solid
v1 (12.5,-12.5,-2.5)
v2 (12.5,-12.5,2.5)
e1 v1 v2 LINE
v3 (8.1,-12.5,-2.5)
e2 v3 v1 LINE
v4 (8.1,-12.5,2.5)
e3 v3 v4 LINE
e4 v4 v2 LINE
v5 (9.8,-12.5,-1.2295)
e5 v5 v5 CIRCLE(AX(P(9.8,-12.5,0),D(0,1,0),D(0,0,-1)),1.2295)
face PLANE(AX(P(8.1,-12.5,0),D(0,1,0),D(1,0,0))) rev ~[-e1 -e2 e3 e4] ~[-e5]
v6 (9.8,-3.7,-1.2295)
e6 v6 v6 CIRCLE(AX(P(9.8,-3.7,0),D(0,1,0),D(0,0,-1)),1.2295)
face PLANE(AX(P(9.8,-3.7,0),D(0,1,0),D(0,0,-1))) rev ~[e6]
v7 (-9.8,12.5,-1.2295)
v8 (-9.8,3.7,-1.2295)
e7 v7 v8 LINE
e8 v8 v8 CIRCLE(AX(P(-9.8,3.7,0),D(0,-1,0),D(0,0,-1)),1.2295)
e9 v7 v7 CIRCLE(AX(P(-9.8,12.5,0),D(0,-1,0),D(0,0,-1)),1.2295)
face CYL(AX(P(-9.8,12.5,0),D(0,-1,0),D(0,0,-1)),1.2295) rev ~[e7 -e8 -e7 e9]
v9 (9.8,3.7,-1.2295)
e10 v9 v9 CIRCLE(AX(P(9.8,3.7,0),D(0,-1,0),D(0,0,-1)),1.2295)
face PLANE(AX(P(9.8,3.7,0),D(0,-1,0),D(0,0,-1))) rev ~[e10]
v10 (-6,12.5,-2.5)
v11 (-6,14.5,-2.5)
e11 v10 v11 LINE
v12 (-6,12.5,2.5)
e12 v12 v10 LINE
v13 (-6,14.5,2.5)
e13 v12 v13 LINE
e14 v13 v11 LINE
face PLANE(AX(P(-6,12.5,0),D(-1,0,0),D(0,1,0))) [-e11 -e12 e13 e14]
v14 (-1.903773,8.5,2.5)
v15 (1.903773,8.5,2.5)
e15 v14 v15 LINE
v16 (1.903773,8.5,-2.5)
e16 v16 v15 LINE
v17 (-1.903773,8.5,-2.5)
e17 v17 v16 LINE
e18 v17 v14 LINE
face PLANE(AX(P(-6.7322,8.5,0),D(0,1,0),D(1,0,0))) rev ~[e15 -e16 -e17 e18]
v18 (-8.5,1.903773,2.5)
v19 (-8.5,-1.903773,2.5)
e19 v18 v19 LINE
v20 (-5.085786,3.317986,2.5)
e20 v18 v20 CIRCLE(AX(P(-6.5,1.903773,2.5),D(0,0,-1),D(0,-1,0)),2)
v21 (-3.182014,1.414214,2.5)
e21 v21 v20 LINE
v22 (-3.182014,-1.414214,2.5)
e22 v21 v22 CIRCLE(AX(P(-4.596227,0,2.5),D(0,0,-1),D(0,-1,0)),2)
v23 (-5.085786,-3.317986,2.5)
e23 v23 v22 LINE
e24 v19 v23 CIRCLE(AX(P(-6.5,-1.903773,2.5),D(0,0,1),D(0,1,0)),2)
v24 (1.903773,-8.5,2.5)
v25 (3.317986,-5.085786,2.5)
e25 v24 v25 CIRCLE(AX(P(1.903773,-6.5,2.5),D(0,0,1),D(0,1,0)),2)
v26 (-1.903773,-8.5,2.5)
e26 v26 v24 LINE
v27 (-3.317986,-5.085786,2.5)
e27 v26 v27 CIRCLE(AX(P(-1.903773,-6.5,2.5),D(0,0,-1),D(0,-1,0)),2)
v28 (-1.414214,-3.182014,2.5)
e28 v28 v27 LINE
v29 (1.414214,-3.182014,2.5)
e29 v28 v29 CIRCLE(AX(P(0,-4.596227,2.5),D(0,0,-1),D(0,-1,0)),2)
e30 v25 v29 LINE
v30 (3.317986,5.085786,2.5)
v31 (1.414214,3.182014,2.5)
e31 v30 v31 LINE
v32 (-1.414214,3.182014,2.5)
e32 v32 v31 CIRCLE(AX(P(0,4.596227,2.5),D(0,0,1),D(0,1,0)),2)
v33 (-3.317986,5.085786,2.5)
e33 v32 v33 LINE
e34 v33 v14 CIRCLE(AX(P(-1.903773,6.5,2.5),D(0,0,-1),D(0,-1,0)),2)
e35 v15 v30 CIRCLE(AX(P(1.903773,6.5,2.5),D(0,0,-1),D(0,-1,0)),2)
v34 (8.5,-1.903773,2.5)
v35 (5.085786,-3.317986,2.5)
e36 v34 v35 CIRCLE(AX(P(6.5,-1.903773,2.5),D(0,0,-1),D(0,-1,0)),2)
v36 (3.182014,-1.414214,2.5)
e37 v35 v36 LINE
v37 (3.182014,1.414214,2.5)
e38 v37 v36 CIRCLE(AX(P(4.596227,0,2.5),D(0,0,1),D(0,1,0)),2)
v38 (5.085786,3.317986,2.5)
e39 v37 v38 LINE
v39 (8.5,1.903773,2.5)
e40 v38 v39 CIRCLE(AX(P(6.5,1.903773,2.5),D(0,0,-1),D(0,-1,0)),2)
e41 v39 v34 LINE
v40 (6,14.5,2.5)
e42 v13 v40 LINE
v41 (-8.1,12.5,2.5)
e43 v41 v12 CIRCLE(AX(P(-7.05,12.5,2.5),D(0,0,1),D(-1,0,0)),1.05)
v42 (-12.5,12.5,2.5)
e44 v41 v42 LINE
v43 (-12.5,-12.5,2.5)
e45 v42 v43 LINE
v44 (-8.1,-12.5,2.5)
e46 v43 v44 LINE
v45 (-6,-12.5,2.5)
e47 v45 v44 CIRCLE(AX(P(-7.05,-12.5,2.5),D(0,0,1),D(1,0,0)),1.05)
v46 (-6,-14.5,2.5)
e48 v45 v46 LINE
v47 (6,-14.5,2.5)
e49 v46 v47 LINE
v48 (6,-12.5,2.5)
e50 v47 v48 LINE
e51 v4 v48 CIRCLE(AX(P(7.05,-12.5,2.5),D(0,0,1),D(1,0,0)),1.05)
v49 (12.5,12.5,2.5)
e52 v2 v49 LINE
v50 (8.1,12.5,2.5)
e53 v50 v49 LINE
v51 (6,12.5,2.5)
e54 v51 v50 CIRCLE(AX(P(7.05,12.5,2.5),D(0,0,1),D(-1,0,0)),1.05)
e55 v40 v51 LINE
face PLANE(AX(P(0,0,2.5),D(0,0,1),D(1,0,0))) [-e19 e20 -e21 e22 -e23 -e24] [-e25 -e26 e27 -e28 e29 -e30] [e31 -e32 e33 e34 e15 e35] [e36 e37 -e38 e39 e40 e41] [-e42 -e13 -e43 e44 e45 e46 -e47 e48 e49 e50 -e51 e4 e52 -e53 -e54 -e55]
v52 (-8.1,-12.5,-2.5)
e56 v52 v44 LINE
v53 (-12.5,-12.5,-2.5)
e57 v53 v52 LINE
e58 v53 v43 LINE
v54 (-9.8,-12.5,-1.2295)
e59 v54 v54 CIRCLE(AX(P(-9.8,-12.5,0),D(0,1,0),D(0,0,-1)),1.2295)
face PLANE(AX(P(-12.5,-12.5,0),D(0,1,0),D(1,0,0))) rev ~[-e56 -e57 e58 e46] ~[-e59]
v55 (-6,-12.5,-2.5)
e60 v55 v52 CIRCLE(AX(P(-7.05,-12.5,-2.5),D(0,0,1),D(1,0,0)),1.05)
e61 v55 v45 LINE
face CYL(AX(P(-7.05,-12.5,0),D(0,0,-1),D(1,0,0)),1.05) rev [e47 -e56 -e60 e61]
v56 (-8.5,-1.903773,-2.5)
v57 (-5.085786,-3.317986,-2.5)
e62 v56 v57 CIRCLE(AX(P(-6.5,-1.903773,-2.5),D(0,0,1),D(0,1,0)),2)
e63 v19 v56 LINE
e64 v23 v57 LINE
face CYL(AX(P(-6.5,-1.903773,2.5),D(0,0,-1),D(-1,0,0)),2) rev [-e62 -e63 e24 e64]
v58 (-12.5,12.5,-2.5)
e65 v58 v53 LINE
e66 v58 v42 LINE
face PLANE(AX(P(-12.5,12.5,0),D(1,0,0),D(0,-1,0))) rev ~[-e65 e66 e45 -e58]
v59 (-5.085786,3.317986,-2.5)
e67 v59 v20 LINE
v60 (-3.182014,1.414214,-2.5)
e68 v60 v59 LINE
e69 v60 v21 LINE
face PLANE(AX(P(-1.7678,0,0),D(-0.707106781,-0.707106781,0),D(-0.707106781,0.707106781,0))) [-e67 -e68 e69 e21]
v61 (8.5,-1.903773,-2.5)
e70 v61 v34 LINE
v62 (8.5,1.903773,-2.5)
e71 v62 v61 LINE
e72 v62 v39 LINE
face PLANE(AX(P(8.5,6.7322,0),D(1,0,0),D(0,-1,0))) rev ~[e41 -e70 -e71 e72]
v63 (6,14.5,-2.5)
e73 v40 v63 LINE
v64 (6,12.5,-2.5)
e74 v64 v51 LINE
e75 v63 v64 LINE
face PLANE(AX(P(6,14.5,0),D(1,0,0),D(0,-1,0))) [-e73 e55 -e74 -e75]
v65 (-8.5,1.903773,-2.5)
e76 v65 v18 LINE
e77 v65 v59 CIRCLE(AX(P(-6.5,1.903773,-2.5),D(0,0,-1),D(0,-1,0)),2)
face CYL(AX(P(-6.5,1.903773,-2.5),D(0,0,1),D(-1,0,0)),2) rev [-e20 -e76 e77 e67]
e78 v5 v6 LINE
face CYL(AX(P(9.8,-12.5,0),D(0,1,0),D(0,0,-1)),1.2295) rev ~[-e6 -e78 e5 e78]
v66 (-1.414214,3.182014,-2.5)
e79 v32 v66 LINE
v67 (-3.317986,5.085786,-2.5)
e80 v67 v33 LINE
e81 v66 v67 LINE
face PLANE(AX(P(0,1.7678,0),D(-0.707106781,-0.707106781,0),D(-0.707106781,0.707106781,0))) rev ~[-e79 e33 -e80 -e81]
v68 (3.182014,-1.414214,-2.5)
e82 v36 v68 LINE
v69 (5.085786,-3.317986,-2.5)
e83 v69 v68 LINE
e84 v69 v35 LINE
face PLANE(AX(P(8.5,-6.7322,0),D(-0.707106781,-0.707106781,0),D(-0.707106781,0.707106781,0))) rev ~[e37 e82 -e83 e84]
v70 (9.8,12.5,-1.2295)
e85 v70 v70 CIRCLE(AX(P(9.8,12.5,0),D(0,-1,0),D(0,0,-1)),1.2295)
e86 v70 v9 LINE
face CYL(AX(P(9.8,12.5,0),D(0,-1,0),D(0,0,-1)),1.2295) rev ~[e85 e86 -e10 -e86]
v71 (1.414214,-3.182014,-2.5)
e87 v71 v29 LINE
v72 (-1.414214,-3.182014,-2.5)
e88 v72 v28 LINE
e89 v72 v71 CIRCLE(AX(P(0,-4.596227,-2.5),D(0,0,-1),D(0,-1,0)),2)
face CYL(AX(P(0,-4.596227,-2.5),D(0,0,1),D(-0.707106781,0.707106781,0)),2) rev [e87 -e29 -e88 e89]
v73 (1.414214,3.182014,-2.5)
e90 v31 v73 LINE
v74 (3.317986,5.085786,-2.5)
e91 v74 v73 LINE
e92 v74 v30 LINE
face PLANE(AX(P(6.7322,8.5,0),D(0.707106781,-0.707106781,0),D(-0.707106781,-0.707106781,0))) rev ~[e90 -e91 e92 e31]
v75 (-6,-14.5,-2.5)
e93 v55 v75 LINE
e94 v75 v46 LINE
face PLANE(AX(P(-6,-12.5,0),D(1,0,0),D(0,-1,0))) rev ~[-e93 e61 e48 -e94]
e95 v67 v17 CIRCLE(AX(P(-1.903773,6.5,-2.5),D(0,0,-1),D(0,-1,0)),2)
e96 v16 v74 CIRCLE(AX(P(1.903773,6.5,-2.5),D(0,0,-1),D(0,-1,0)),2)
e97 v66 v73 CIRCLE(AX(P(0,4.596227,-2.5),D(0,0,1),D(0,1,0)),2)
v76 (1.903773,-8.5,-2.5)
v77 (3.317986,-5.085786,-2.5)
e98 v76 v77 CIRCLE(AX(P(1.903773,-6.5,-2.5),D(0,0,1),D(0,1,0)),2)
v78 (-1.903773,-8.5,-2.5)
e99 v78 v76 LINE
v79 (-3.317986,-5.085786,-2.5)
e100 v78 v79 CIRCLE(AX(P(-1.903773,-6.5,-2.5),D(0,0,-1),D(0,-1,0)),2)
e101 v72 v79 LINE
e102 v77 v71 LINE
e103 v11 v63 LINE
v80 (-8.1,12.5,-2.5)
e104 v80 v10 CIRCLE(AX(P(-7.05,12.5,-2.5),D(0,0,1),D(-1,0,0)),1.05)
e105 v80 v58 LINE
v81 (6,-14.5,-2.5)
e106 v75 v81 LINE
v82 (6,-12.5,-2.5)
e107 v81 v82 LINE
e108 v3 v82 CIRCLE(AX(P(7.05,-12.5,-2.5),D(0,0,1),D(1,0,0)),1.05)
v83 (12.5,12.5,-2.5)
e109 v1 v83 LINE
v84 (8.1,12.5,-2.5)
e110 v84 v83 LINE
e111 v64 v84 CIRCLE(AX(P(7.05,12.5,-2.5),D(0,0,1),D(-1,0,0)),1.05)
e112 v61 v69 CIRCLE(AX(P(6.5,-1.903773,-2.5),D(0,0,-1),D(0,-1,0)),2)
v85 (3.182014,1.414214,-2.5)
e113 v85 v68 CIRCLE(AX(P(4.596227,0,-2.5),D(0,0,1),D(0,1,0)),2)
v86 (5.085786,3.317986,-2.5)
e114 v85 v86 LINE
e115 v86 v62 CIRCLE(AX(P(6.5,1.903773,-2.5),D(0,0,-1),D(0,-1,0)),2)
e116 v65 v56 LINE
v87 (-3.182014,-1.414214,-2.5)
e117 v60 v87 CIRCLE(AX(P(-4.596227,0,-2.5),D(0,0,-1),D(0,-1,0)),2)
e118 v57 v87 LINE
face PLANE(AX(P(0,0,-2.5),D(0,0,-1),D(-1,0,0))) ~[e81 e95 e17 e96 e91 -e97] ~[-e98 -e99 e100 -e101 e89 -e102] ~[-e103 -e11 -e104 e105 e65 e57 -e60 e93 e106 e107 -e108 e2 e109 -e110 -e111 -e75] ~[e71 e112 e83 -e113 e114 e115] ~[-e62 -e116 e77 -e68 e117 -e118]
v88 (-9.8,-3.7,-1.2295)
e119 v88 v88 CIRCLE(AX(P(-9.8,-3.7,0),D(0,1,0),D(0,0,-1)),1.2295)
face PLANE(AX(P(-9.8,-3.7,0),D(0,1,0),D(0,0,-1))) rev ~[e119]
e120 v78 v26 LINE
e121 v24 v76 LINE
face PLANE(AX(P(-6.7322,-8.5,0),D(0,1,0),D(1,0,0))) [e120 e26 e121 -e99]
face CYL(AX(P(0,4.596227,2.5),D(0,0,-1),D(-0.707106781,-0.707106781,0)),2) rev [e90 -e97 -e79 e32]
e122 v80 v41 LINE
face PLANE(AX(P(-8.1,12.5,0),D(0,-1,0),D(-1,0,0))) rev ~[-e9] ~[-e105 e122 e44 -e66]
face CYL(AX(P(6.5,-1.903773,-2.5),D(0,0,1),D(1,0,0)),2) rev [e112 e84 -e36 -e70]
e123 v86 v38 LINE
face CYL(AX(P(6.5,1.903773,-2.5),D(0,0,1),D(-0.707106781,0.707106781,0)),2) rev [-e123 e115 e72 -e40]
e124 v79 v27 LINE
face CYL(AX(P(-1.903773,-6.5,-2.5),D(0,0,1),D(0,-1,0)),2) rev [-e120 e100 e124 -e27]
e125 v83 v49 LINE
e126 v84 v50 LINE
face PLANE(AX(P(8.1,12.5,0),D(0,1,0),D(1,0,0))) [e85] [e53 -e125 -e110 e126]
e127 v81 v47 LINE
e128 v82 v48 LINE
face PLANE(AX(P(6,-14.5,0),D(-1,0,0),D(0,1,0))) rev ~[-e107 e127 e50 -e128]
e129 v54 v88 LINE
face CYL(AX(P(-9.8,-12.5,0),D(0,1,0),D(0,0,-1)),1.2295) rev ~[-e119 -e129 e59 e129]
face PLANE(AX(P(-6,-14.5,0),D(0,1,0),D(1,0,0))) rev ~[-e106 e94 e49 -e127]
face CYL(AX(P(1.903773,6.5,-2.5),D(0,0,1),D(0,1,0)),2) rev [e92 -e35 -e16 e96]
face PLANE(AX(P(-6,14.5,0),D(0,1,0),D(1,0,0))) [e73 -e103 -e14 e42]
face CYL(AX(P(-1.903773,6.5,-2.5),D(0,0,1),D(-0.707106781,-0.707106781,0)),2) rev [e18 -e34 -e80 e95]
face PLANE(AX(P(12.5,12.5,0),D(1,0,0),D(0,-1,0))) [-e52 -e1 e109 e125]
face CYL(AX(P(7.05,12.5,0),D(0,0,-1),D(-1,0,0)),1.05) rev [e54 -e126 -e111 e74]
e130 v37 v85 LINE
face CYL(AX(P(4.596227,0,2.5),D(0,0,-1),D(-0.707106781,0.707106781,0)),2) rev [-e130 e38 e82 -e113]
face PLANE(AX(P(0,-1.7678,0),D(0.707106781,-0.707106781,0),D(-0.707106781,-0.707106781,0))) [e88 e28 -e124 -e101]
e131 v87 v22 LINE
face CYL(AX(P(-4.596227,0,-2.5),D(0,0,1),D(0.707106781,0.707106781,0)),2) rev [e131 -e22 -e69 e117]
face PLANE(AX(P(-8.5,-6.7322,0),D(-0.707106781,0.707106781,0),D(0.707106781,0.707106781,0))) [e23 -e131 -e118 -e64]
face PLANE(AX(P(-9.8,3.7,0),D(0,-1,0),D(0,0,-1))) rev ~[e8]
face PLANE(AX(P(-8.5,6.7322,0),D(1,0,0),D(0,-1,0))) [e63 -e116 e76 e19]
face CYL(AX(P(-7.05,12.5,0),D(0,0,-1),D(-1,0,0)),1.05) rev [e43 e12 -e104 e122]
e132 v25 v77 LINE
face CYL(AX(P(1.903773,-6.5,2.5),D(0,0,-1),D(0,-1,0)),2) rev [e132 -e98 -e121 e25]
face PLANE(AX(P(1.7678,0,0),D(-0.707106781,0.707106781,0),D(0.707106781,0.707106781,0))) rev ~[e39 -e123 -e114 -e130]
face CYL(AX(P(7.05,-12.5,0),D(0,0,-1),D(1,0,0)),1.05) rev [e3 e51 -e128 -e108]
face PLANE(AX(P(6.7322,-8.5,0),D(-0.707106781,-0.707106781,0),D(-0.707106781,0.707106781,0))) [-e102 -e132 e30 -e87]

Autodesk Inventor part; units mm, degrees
ref_plane "YZ Plane" through (0, 0, 0) normal (1, 0, 0) x (0, 1, 0)
ref_plane "XZ Plane" through (0, 0, 0) normal (0, 1, 0) x (-1, 0, 0)
ref_plane "XY Plane" through (0, 0, 0) normal (0, 0, 1) x (1, 0, 0)
sketch "スケッチ1" plane through (0, 0, 0) normal (0, 0, 1) x (1, 0, 0)
  line L0 (-12.5, -12.5) -> (12.5, -12.5) construction
  line L1 (12.5, -12.5) -> (12.5, 12.5) construction
  line L2 (12.5, 12.5) -> (-12.5, 12.5) construction
  line L3 (-12.5, 12.5) -> (-12.5, -12.5) construction
  line L4 (-12.5, -12.5) -> (12.5, 12.5) construction
  line L5 (12.5, -12.5) -> (-12.5, 12.5) construction
  line L6 (-8.1, 12.5) -> (-12.5, 12.5)
  line L7 (-12.5, 12.5) -> (-12.5, 8.1)
  line L8 (8.1, 12.5) -> (12.5, 12.5)
  line L9 (12.5, 12.5) -> (12.5, 8.1)
  line L10 (-12.5, -8.1) -> (-12.5, -12.5)
  line L11 (-12.5, -12.5) -> (-8.1, -12.5)
  line L12 (8.1, -12.5) -> (12.5, -12.5)
  line L13 (12.5, -12.5) -> (12.5, -8.1)
  line L14 (-6, 12.5) -> (-6, 14.5)
  line L15 (-6, 14.5) -> (6, 14.5)
  line L16 (6, 14.5) -> (6, 12.5)
  arc A0 (-8.1, 12.5) -> (-6, 12.5) centre (-7.05, 12.5) ccw
  arc A1 (6, 12.5) -> (8.1, 12.5) centre (7.05, 12.5) ccw
  line L17 (0, 12.5) -> (0, 0) construction
  line L18 (0, 0) -> (12.5, 0) construction
  line L19 (-12.5, 6) -> (-14.5, 6) construction
  line L20 (-14.5, 6) -> (-14.5, -6) construction
  line L21 (-14.5, -6) -> (-12.5, -6) construction
  arc A2 (-12.5, 6) -> (-12.5, 8.1) centre (-12.5, 7.05) ccw
  arc A3 (-12.5, -8.1) -> (-12.5, -6) centre (-12.5, -7.05) ccw construction
  line L22 (-6, -12.5) -> (-6, -14.5)
  line L23 (-6, -14.5) -> (6, -14.5)
  line L24 (6, -14.5) -> (6, -12.5)
  arc A4 (-6, -12.5) -> (-8.1, -12.5) centre (-7.05, -12.5) ccw
  arc A5 (8.1, -12.5) -> (6, -12.5) centre (7.05, -12.5) ccw
  line L25 (12.5, 6) -> (14.5, 6) construction
  line L26 (14.5, 6) -> (14.5, -6) construction
  line L27 (14.5, -6) -> (12.5, -6) construction
  arc A6 (12.5, 8.1) -> (12.5, 6) centre (12.5, 7.05) ccw construction
  arc A7 (12.5, -6) -> (12.5, -8.1) centre (12.5, -7.05) ccw construction
  line L28 (-9.05, 12.5) -> (-5.95, 12.5) construction
  line L29 (-5.95, 12.5) -> (-5.95, 9.5) construction
  line L30 (-5.95, 9.5) -> (-9.05, 9.5) construction
  line L31 (-9.05, 9.5) -> (-9.05, 12.5) construction
  line L32 (-12.5, 9.05) -> (-9.5, 9.05) construction
  line L33 (-9.5, 9.05) -> (-9.5, 5.95) construction
  line L34 (-9.5, 5.95) -> (-12.5, 5.95) construction
  line L35 (-12.5, 5.95) -> (-12.5, 9.05) construction
  line L36 (-6.7322, 8.5) -> (6.7322, 8.5)
  line L37 (6.7322, 8.5) -> (0, 1.7678)
  line L38 (0, 1.7678) -> (-6.7322, 8.5)
  line L39 (-8.5, 6.7322) -> (-8.5, -6.7322)
  line L40 (-8.5, -6.7322) -> (-1.7678, 0)
  line L41 (-1.7678, 0) -> (-8.5, 6.7322)
  line L42 (-6.7322, -8.5) -> (6.7322, -8.5)
  line L43 (6.7322, -8.5) -> (0, -1.7678)
  line L44 (0, -1.7678) -> (-6.7322, -8.5)
  line L45 (8.5, 6.7322) -> (8.5, -6.7322)
  line L46 (8.5, -6.7322) -> (1.7678, 0)
  line L47 (1.7678, 0) -> (8.5, 6.7322)
  line L48 (-7.5, 12.5) -> (-7.5, 9.5) construction
  line L49 (-9.5, 7.5) -> (-12.5, 7.5) construction
  line L50 (-12.5, -12.5) -> (-12.5, 12.5)
  line L51 (12.5, -12.5) -> (12.5, 12.5)
  dimension "d0" = 25
  dimension "d1" = 1.05
  dimension "d2" = 2
  dimension "d3" = 6.5
  dimension "d4" = 3.1
  dimension "d6" = 3
  dimension "d8" = 3
  dimension "d9" = 2.5
  dimension "d10" = 2.5
  dimension "d11" = 2.5
  dimension "d12" = 2.5
  dimension "d13" = 4
  dimension "d17" = 5
  dimension "d18" = 5
  dimension "d31" = 25
extrude "押し出し1" add sketch "スケッチ1" along normal blind 2.5
mirror "ミラー1" about plane through (0, 0, 0) normal (0, 0, -1) of "押し出し1"
sketch "スケッチ2" plane through (-12.5, -12.5, 2.5) normal (0, -1, 0) x (1, 0, 0)
  line L0 (0, -5) -> (0, 0) projected
  line L1 (6.5, 0) -> (18.5, 0) construction
  line L2 (12.5, 0) -> (12.5, -5) construction
  point P0 (12.5, -2.5)
  point P1 (2.7, -2.5)
  point P2 (22.3, -2.5)
  point P3 (0, -2.5)
  dimension "d19" = 2.7
hole "穴1" at (-9.8, -12.5, 0) at (9.8, -12.5, 0) direction (0, 1, 0) diameter 2.459 depth 8.8 thread size "M3x0.5" class "6H" standard "ISO Metric profile"
pattern_circular "円形状パターン1" count 2 over 360 about axis through (0, 0, -10) along (0, 0, 1) of "穴1"
fillet "フィレット1" radius 2 12 edges at (8.5, 6.7322, 0) (8.5, -6.7322, 0) (6.7322, -8.5, 0) (0, 1.7678, 0) (-1.7678, 0, 0) (-6.7322, -8.5, 0) (-8.5, -6.7322, 0) (6.7322, 8.5, 0) (-8.5, 6.7322, 0) (-6.7322, 8.5, 0) (0, -1.7678, 0) (1.7678, 0, 0)
equation "\"d8\" = d6"
equation "\"d10\" = d9"
equation "\"d11\" = d10"
equation "\"d12\" = d11"
equation "\"d18\" = d17"
properties part number "Head_horizontal_frame_02" material "アセタール樹脂、黒"
